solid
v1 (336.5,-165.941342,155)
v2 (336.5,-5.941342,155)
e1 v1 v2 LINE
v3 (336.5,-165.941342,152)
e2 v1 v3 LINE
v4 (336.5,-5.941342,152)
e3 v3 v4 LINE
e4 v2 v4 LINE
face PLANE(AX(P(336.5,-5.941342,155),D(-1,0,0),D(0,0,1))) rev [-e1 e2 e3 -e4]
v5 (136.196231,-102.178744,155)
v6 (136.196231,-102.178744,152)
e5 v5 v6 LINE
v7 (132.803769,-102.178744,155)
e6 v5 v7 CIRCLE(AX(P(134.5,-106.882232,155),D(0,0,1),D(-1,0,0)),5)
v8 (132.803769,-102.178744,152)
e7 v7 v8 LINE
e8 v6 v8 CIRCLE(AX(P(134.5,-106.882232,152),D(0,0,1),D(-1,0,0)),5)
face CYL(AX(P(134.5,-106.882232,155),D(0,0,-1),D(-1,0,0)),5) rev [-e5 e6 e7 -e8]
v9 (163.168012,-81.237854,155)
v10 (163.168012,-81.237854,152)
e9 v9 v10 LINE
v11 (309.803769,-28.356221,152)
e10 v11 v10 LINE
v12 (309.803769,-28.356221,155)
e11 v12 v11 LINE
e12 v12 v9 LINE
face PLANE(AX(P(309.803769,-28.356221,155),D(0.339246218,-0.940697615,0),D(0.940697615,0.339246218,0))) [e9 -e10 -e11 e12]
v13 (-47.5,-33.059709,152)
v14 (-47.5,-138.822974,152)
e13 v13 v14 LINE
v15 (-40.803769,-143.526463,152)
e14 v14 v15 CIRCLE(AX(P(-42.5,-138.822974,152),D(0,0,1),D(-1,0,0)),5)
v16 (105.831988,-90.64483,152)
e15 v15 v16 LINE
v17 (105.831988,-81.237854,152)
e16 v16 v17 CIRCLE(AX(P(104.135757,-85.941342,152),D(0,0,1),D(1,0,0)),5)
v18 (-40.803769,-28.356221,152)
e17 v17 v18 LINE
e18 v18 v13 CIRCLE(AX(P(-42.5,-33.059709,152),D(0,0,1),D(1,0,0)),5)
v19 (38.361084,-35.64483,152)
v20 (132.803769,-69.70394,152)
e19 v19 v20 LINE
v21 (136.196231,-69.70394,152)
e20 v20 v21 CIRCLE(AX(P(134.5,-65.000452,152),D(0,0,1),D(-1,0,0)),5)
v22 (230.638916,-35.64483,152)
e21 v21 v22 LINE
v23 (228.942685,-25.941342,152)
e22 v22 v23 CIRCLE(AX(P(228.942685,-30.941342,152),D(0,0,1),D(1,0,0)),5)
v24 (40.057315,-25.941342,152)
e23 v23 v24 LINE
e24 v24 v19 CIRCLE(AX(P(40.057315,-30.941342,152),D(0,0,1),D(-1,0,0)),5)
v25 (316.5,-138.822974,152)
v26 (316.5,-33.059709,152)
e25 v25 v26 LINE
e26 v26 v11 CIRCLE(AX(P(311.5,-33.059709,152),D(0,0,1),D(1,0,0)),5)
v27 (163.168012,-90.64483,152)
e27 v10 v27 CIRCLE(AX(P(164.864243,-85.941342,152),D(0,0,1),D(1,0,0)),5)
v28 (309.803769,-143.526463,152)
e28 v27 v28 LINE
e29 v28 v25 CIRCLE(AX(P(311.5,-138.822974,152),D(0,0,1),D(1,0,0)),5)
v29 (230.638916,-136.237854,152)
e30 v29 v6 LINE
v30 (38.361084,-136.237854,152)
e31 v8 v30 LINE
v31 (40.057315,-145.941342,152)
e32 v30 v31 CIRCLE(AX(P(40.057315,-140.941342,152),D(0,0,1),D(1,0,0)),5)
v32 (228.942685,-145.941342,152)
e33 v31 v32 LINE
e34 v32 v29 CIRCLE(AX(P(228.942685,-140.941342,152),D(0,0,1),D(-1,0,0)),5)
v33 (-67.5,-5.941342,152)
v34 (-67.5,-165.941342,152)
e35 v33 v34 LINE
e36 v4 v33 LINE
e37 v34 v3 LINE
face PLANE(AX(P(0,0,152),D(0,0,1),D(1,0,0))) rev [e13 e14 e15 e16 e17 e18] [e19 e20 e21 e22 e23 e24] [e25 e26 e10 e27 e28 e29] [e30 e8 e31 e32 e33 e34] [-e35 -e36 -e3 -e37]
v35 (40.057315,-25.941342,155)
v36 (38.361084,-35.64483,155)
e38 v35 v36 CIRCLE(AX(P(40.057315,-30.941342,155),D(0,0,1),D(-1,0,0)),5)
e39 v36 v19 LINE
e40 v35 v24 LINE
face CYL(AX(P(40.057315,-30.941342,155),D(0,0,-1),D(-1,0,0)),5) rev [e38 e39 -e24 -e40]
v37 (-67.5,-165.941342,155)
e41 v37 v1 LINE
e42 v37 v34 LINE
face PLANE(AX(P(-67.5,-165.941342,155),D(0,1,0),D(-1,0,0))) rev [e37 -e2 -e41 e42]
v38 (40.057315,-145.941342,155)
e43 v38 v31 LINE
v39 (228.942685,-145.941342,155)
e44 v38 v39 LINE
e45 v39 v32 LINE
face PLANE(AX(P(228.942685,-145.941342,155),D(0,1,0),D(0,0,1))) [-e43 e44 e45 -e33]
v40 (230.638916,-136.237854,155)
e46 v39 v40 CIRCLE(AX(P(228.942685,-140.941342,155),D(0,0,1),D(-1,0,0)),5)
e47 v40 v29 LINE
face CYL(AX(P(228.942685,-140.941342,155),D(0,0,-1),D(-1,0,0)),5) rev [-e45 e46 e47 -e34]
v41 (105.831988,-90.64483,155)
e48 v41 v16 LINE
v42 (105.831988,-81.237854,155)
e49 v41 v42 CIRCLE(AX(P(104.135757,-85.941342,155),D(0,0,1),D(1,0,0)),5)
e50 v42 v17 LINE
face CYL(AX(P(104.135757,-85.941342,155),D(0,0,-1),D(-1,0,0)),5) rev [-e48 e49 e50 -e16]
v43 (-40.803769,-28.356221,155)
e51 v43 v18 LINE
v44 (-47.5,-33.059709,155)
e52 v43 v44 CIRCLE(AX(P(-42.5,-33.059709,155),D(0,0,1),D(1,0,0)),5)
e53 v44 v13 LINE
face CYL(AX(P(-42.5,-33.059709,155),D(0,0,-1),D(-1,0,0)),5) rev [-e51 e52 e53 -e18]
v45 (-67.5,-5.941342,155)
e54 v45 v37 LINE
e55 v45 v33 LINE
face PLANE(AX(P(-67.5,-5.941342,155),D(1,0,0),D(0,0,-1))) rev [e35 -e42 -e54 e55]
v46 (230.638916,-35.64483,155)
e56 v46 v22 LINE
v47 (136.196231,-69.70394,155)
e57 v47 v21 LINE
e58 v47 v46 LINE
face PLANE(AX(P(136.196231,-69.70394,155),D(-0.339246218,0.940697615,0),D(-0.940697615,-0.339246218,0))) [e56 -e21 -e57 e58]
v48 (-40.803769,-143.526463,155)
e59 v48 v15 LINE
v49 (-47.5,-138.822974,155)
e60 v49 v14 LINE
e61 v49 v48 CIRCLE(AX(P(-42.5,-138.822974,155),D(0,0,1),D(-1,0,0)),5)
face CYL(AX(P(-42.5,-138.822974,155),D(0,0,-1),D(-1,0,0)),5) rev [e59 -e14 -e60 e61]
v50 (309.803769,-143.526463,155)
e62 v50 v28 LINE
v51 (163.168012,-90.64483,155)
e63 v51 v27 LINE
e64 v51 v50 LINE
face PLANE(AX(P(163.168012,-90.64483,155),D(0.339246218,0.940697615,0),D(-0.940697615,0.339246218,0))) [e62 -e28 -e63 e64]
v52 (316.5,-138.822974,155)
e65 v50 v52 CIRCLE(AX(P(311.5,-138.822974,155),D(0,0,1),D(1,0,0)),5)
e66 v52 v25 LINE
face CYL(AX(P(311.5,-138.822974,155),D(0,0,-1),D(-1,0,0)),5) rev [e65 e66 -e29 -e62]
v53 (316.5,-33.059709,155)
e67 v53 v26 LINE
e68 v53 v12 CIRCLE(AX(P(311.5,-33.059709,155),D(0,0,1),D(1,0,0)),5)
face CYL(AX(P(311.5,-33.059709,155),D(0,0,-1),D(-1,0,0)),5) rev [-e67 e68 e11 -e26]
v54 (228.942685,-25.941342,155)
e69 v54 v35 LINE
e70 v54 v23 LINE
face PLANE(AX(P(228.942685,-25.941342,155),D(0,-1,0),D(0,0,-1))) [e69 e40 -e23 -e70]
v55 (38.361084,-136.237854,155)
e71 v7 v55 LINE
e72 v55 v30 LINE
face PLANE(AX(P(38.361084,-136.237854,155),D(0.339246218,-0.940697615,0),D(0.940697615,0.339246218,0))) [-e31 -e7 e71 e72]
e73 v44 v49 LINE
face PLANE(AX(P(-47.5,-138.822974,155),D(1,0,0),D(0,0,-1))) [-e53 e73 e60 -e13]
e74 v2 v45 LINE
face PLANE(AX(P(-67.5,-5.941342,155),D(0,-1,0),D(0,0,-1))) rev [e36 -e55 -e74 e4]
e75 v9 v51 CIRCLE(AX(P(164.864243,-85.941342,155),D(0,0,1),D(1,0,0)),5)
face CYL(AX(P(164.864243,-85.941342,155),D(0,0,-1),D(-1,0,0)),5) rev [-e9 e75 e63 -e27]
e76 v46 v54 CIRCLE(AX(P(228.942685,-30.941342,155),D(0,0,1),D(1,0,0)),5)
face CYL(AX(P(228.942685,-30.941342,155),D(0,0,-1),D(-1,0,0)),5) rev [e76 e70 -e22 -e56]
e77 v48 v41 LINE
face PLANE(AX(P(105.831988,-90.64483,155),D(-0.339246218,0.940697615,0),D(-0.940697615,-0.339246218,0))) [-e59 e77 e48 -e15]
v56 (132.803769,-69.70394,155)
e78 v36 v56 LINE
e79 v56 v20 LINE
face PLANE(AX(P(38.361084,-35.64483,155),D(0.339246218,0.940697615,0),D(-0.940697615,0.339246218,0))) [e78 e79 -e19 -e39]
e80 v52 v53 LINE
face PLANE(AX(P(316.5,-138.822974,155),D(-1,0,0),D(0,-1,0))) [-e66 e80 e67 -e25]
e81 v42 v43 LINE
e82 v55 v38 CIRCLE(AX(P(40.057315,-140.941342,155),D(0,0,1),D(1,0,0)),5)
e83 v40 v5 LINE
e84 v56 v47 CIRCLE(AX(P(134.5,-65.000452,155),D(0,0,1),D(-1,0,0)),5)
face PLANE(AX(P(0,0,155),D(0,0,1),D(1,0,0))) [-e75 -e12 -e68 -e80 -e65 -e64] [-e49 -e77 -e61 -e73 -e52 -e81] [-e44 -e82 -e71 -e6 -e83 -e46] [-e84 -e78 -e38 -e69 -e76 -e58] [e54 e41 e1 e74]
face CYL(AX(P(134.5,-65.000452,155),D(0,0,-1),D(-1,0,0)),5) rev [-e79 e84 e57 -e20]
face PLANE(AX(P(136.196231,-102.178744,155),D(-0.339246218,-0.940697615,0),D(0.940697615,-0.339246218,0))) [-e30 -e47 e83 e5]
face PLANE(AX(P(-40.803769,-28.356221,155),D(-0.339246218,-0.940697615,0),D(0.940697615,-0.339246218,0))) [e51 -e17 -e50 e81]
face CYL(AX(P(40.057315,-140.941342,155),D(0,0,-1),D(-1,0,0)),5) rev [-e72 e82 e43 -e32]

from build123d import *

# Parameters (mm, degrees)
SKETCH1_W           = 404
SKETCH1_H           = 160
BOSS_EXTRUDE1_DEPTH = 3


with BuildPart() as part:
    # Sketch1 → Boss-Extrude1 (new body)
    with BuildSketch(Plane.XY.offset(152)):
        with Locations((134.5, -85.941341737)):
            Rectangle(SKETCH1_W, SKETCH1_H)
        with BuildLine():
            Line((-47.5, -138.822974494), (-47.5, -33.059708979))
            ThreePointArc((-47.5, -33.059708979), (-45.373921063, -28.968183869), (-40.80376891, -28.356220902))
            Line((-40.80376891, -28.356220902), (105.831987613, -81.23785366))
            ThreePointArc((105.831987613, -81.23785366), (109.135756522, -85.941341737), (105.831987613, -90.644829813))
            Line((105.831987613, -90.644829813), (-40.80376891, -143.526462571))
            ThreePointArc((-40.80376891, -143.526462571), (-45.373921063, -142.914499604), (-47.5, -138.822974494))
        make_face(mode=Mode.SUBTRACT)
        with BuildLine():
            Line((228.942684704, -25.941341737), (40.057315296, -25.941341737))
            ThreePointArc((40.057315296, -25.941341737), (35.132001073, -30.080365658), (38.361084206, -35.644829813))
            Line((38.361084206, -35.644829813), (132.80376891, -69.703939867))
            ThreePointArc((132.80376891, -69.703939867), (134.5, -70.00045179), (136.19623109, -69.703939867))
            Line((136.19623109, -69.703939867), (230.638915794, -35.644829813))
            ThreePointArc((230.638915794, -35.644829813), (233.867998927, -30.080365658), (228.942684704, -25.941341737))
        make_face(mode=Mode.SUBTRACT)
        with BuildLine():
            Line((309.80376891, -28.356220902), (163.168012387, -81.23785366))
            ThreePointArc((163.168012387, -81.23785366), (159.864243478, -85.941341737), (163.168012387, -90.644829813))
            Line((163.168012387, -90.644829813), (309.80376891, -143.526462571))
            ThreePointArc((309.80376891, -143.526462571), (314.373921063, -142.914499604), (316.5, -138.822974494))
            Line((316.5, -138.822974494), (316.5, -33.059708979))
            ThreePointArc((316.5, -33.059708979), (314.373921063, -28.968183869), (309.80376891, -28.356220902))
        make_face(mode=Mode.SUBTRACT)
        with BuildLine():
            Line((38.361084206, -136.23785366), (132.80376891, -102.178743606))
            ThreePointArc((132.80376891, -102.178743606), (134.5, -101.882231683), (136.19623109, -102.178743606))
            Line((136.19623109, -102.178743606), (230.638915794, -136.23785366))
            ThreePointArc((230.638915794, -136.23785366), (233.867998927, -141.802317815), (228.942684704, -145.941341737))
            Line((228.942684704, -145.941341737), (40.057315296, -145.941341737))
            ThreePointArc((40.057315296, -145.941341737), (35.132001073, -141.802317815), (38.361084206, -136.23785366))
        make_face(mode=Mode.SUBTRACT)
    extrude(amount=BOSS_EXTRUDE1_DEPTH)


solid = part.part
